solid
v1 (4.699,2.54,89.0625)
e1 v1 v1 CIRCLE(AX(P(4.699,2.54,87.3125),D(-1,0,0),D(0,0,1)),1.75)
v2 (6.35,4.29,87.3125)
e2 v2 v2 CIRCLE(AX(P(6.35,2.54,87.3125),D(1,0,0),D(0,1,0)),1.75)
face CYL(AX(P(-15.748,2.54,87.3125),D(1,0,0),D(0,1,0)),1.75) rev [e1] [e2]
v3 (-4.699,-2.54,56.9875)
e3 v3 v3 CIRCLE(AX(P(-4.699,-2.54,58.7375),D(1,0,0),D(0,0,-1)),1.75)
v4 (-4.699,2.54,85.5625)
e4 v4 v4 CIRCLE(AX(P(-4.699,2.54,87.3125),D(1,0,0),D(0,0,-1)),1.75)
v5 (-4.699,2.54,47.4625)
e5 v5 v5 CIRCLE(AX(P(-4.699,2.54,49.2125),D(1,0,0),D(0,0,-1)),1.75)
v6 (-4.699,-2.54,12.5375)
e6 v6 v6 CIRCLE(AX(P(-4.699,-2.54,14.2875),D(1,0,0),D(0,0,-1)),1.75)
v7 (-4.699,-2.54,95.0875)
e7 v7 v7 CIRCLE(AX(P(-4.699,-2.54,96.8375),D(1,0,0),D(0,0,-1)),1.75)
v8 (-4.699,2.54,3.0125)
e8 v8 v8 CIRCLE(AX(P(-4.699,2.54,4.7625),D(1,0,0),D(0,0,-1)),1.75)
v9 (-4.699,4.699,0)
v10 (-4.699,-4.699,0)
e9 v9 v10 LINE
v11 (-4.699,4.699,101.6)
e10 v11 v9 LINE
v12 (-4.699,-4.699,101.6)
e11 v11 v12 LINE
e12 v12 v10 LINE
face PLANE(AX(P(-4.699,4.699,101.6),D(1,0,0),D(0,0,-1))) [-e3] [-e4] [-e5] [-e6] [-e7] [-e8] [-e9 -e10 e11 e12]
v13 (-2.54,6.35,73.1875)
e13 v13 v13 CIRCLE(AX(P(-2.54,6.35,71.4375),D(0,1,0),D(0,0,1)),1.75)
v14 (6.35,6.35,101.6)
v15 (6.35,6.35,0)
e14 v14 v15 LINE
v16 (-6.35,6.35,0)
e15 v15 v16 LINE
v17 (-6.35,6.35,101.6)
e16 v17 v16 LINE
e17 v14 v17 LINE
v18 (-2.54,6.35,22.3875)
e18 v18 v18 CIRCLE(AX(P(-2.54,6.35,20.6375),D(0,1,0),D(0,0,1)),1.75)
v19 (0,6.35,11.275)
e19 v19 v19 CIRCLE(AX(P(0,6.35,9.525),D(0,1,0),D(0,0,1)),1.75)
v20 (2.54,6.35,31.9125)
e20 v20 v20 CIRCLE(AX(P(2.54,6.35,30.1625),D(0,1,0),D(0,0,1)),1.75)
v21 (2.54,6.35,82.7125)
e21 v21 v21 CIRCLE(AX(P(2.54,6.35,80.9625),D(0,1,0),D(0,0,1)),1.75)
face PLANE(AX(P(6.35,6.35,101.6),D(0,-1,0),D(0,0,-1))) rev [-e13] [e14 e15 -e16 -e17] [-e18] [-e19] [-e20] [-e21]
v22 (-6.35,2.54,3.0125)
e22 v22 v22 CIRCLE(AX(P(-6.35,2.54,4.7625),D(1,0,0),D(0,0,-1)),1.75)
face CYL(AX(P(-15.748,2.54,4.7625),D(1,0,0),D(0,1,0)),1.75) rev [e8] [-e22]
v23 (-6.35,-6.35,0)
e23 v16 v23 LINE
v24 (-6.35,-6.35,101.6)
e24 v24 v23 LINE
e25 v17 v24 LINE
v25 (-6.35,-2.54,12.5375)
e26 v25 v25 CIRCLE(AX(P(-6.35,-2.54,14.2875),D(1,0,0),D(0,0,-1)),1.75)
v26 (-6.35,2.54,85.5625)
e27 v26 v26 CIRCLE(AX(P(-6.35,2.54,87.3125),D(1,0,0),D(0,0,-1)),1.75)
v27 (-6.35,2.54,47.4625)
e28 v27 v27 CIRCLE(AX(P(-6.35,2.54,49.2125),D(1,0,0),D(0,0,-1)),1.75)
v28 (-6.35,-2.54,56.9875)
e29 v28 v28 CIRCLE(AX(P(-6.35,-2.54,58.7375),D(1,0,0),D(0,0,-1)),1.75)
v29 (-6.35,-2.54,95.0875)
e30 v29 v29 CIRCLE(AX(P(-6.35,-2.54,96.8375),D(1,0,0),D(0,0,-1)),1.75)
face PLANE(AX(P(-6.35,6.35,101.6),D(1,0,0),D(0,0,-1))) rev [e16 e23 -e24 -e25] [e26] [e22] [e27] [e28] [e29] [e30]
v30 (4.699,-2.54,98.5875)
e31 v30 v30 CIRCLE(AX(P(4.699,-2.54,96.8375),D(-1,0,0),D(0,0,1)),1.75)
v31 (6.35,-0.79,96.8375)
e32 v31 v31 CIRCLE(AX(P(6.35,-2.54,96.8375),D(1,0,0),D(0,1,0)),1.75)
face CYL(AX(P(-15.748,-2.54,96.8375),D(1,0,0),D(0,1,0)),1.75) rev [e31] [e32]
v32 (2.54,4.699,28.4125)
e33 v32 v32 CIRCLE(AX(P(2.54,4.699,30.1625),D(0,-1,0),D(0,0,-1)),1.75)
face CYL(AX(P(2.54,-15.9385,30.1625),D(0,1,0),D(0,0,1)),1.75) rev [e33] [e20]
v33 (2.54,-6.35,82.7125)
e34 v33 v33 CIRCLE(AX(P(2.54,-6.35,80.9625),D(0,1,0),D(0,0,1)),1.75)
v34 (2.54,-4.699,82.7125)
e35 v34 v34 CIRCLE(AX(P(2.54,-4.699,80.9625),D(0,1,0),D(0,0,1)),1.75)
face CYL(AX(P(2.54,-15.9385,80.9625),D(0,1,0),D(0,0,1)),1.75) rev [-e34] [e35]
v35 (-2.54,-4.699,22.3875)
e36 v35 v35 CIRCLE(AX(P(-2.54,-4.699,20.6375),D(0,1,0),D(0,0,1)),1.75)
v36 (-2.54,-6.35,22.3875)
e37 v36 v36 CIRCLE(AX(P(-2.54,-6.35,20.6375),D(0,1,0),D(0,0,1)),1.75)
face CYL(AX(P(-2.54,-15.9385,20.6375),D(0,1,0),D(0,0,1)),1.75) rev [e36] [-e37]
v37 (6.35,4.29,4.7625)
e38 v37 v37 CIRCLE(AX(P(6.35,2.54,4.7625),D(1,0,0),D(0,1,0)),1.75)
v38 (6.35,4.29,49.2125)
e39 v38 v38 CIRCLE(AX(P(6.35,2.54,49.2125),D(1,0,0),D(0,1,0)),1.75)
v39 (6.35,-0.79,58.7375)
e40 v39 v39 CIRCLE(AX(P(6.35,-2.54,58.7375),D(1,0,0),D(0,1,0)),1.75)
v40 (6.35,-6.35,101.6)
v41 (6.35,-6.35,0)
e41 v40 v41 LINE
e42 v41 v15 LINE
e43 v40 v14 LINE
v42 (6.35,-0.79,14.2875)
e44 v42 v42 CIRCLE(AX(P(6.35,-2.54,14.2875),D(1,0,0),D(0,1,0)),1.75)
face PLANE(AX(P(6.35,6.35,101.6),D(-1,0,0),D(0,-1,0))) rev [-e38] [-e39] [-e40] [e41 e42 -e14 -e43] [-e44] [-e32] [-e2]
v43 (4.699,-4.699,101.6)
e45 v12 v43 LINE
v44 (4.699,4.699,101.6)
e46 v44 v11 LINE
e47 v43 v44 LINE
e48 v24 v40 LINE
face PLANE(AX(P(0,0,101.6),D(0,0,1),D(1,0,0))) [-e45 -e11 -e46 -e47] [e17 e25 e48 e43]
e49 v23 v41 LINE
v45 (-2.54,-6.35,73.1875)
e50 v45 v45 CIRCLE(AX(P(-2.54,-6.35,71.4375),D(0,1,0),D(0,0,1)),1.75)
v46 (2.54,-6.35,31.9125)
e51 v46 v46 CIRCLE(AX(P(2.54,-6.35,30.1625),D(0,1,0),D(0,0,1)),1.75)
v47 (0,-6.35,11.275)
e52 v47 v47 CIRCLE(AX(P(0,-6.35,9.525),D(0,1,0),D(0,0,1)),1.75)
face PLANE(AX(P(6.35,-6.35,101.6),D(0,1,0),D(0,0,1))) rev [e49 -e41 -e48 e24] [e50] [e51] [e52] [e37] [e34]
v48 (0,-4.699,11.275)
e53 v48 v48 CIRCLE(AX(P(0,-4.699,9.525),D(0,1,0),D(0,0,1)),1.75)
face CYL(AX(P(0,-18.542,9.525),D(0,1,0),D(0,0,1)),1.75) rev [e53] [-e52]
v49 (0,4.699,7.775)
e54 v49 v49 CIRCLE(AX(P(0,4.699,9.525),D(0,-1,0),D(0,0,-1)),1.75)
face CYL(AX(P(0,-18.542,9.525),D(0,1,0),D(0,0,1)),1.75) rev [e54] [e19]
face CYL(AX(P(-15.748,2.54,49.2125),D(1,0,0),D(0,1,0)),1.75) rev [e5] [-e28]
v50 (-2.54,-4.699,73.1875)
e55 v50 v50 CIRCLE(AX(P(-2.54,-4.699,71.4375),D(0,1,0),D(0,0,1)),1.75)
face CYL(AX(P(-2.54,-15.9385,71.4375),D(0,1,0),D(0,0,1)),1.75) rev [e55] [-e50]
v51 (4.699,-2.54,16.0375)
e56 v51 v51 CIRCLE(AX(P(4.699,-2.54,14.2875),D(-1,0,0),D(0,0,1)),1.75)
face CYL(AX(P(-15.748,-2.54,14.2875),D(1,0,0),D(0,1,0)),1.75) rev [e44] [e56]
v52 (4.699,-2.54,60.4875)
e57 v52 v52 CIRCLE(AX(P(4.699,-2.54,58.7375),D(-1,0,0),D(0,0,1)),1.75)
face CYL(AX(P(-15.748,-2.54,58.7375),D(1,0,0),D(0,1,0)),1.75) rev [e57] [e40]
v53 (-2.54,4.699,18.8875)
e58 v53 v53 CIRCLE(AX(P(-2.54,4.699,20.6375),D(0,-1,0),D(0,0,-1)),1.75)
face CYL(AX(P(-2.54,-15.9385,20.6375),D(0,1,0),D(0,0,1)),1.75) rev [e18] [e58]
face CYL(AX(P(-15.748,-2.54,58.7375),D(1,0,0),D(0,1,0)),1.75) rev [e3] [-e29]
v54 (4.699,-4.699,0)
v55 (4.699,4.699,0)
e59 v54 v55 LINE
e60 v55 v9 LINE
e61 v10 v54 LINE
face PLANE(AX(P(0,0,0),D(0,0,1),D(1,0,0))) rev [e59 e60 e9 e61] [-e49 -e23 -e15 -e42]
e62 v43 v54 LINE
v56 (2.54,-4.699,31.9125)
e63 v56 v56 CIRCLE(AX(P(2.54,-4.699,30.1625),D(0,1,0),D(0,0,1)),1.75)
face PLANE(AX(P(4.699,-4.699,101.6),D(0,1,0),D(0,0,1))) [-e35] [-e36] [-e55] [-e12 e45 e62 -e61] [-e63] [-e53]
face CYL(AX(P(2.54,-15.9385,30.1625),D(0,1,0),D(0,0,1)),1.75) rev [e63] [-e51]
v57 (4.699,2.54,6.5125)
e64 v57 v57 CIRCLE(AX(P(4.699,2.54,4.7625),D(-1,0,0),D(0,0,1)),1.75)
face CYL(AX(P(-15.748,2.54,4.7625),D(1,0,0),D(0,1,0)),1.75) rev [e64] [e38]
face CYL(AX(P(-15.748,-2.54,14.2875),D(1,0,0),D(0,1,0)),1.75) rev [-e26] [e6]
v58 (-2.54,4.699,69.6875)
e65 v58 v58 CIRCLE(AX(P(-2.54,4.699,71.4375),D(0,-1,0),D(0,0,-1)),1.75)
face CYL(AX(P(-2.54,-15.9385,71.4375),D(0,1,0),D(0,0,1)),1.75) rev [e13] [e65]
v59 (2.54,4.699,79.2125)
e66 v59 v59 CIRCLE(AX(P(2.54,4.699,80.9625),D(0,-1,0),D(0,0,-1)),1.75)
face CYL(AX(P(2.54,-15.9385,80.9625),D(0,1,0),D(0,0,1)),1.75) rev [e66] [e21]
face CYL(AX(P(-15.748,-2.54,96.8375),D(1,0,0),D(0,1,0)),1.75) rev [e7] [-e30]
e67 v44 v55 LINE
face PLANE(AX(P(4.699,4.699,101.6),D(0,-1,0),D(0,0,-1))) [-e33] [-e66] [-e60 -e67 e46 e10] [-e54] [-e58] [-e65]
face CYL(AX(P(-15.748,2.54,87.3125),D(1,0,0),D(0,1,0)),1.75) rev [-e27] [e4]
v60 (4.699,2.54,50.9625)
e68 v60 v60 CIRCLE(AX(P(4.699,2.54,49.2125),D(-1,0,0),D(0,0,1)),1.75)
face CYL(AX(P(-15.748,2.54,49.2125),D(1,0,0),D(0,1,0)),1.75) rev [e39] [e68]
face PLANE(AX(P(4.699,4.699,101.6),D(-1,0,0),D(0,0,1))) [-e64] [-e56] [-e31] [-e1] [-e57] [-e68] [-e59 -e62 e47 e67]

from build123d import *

# Parameters (mm, degrees)
SKETCH1_W           = 12.7
SKETCH1_H           = 12.7
SKETCH1_W_2         = 9.398
SKETCH1_H_2         = 9.398
BOSS_EXTRUDE1_DEPTH = 101.6
SKETCH2_R           = 1.75
CUT_EXTRUDE1_DEPTH  = 22.2885
SKETCH3_R           = 1.75
CUT_EXTRUDE2_DEPTH  = 22.098
SKETCH4_R           = 1.75
CUT_EXTRUDE3_DEPTH  = 24.892


with BuildPart() as part:
    # Sketch1 → Boss-Extrude1 (new body)
    with BuildSketch(Plane(origin=(0, 0, 0), x_dir=(0, 1, 0), z_dir=(0, 0, 1))):
        Rectangle(SKETCH1_W, SKETCH1_H)
        Rectangle(SKETCH1_W_2, SKETCH1_H_2, mode=Mode.SUBTRACT)
    extrude(amount=BOSS_EXTRUDE1_DEPTH)

    # Sketch2 → Cut-Extrude1 (cut)
    with BuildSketch(Plane(origin=(0, 6.35, 0), x_dir=(-1, 0, 0), z_dir=(0, 1, 0))):
        with Locations((-2.54, 80.9625)):
            Circle(SKETCH2_R)
        with Locations((2.54, 71.4375)):
            Circle(SKETCH2_R)
        with Locations((-2.54, 30.1625)):
            Circle(SKETCH2_R)
        with Locations((2.54, 20.6375)):
            Circle(SKETCH2_R)
    extrude(amount=-CUT_EXTRUDE1_DEPTH, mode=Mode.SUBTRACT)

    # Sketch3 → Cut-Extrude2 (cut)
    with BuildSketch(Plane.YZ.offset(6.35)):
        with Locations((-2.54, 14.2875)):
            Circle(SKETCH3_R)
        with Locations((2.54, 4.7625)):
            Circle(SKETCH3_R)
        with Locations((-2.54, 96.8375)):
            Circle(SKETCH3_R)
        with Locations((2.54, 87.3125)):
            Circle(SKETCH3_R)
        with Locations((-2.54, 58.7375)):
            Circle(SKETCH3_R)
        with Locations((2.54, 49.2125)):
            Circle(SKETCH3_R)
    extrude(amount=-CUT_EXTRUDE2_DEPTH, mode=Mode.SUBTRACT)

    # Sketch4 → Cut-Extrude3 (cut)
    with BuildSketch(Plane(origin=(0, 6.35, 0), x_dir=(-1, 0, 0), z_dir=(0, 1, 0))):
        with Locations((0, 9.525)):
            Circle(SKETCH4_R)
    extrude(amount=-CUT_EXTRUDE3_DEPTH, mode=Mode.SUBTRACT)


solid = part.part
